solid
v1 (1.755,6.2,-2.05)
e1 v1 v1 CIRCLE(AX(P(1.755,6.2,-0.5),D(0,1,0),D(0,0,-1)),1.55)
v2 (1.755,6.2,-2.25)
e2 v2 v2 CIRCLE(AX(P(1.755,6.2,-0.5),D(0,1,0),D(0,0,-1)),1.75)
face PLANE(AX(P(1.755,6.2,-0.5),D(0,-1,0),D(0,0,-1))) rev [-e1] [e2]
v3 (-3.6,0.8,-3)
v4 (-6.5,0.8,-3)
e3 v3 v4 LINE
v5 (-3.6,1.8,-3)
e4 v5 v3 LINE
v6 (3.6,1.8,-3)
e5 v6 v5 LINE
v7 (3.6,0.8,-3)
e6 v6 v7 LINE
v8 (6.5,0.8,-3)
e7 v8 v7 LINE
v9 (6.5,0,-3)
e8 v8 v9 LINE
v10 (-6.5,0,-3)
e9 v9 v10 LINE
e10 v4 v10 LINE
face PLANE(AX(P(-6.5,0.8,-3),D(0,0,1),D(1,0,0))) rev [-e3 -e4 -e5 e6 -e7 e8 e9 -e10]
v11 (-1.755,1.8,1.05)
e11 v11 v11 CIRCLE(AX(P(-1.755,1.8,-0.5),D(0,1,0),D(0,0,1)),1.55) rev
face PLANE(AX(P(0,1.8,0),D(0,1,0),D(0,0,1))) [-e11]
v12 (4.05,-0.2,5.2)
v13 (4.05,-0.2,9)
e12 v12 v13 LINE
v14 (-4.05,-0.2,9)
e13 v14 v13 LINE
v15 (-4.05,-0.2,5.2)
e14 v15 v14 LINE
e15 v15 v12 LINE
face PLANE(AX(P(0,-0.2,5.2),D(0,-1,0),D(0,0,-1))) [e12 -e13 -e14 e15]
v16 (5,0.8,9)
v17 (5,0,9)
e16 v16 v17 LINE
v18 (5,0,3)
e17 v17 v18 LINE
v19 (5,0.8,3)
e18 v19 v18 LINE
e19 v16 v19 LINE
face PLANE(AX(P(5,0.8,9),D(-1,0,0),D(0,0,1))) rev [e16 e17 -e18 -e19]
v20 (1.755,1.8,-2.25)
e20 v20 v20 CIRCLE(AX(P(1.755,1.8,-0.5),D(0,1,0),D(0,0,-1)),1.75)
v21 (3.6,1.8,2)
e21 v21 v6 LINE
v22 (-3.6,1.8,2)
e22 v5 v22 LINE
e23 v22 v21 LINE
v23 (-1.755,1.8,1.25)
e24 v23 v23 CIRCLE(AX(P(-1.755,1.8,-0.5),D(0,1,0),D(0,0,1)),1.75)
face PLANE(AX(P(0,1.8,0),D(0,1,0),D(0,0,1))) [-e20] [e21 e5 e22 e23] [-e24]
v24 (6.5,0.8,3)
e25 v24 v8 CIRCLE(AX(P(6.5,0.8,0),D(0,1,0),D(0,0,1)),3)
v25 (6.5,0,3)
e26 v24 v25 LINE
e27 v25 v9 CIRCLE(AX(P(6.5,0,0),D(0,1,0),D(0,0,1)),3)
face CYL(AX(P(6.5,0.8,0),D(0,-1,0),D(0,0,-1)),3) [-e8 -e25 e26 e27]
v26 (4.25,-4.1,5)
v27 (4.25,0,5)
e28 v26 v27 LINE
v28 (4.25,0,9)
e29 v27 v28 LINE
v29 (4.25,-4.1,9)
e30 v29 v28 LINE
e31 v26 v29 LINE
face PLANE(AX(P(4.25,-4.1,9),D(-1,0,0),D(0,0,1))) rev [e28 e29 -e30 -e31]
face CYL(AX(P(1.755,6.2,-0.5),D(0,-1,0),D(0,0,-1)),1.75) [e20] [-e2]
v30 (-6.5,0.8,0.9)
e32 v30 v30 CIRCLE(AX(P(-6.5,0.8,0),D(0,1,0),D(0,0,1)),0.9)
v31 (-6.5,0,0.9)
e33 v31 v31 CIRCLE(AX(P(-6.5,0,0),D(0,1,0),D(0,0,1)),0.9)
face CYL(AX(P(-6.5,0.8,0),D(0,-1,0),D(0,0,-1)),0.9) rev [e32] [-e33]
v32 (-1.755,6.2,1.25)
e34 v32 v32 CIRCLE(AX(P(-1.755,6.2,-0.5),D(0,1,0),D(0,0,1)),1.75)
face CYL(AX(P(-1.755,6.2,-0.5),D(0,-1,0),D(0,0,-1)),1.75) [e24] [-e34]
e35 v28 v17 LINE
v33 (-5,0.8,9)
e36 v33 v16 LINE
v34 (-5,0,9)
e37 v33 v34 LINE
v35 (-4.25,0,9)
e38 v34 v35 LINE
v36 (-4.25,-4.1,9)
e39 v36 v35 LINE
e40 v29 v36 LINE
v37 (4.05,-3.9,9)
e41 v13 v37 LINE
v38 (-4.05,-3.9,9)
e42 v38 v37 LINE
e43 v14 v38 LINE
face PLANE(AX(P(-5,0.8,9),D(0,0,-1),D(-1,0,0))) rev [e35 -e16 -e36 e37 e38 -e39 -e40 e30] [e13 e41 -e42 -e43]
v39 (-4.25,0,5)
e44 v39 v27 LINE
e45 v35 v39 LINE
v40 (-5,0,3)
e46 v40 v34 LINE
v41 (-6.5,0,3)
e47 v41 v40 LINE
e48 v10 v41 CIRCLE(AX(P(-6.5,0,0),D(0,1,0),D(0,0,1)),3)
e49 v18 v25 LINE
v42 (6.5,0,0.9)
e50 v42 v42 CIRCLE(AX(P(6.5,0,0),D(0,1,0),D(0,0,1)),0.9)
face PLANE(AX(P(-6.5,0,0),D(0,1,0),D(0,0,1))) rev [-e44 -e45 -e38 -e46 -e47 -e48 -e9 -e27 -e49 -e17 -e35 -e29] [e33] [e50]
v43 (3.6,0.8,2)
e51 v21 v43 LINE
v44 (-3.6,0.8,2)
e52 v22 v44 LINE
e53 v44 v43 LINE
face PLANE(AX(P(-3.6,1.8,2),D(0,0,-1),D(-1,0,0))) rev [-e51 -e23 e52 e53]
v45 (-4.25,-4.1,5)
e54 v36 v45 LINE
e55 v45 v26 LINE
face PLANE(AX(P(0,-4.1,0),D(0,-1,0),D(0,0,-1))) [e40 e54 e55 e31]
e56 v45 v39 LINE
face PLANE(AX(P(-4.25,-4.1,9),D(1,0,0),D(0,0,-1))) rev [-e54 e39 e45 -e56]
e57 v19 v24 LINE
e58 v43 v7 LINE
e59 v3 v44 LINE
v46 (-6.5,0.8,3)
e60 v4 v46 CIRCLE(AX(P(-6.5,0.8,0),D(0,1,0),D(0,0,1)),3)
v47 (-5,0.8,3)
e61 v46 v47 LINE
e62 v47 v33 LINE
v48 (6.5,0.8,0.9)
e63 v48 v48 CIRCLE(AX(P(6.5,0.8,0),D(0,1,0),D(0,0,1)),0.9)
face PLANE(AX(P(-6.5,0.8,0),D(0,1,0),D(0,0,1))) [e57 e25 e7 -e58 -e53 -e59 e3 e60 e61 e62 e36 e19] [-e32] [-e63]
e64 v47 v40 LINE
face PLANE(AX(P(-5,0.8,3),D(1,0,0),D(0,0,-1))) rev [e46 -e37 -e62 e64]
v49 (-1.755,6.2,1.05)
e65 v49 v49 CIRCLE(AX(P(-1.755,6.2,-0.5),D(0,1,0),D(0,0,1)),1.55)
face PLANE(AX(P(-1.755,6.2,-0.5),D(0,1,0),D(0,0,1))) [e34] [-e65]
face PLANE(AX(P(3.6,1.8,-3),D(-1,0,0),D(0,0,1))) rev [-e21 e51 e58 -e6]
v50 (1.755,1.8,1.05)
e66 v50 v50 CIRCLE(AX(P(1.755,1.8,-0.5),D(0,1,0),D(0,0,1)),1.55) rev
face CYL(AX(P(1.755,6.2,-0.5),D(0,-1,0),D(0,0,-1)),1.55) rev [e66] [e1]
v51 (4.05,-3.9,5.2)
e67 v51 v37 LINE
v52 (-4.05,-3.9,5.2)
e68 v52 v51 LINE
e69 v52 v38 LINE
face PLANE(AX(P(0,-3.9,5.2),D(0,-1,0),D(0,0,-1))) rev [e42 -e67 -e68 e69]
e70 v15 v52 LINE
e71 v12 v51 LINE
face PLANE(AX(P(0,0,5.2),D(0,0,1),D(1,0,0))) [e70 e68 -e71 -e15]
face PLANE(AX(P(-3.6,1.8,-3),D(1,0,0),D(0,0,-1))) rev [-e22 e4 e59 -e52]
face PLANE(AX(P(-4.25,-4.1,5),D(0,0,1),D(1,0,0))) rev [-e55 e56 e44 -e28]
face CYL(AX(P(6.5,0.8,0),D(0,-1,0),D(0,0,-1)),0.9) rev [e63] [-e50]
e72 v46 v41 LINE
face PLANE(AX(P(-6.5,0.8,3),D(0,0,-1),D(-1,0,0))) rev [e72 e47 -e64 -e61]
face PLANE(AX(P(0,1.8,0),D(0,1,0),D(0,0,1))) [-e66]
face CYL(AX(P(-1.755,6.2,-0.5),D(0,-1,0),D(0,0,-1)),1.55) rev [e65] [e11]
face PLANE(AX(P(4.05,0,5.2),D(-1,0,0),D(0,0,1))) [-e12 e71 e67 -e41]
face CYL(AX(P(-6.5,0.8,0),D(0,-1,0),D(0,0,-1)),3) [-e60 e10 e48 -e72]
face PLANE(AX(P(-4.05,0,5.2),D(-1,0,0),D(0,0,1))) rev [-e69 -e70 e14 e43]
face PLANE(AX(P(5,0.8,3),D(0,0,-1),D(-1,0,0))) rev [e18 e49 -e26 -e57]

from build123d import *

# Parameters (mm, degrees)
SKETCH_2_R          = 0.9
EXTRUDE_1_DEPTH     = 0.8
SKETCH_3_W          = 7.2
SKETCH_3_H          = 5
EXTRUDE_2_DEPTH     = 1
SKETCH_4_R          = 1.75
SKETCH_4_R_2        = 1.55
EXTRUDE_5_DEPTH     = 4.4
SKETCH_6_W          = 8.5
SKETCH_6_H          = 4
EXTRUDE_6_DEPTH     = 4.1
SKETCH_7_W          = 8.1
SKETCH_7_H          = 3.7
CUT_EXTRUDE_1_DEPTH = 3.8


with BuildPart() as part:
    # 草图2 → 凸台-拉伸1 (new body)
    with BuildSketch(Plane(origin=(0, 0, 0), x_dir=(1, 0, 0), z_dir=(0, 1, 0))):
        with BuildLine():
            Line((-6.5, 3), (6.5, 3))
            ThreePointArc((6.5, 3), (9.5, 0), (6.5, -3))
            Line((6.5, -3), (5, -3))
            Line((5, -3), (5, -9))
            Line((5, -9), (-5, -9))
            Line((-5, -9), (-5, -3))
            Line((-5, -3), (-6.5, -3))
            ThreePointArc((-6.5, -3), (-9.5, 0), (-6.5, 3))
        make_face()
        with Locations(Location((-6.5, 0, 0), (0, 0, 270))):
            Circle(SKETCH_2_R, mode=Mode.SUBTRACT)
        with Locations(Location((6.5, 0, 0), (0, 0, 270))):
            Circle(SKETCH_2_R, mode=Mode.SUBTRACT)
    extrude(amount=EXTRUDE_1_DEPTH)

    # 草图3 → 凸台-拉伸2 (add)
    with BuildSketch(Plane(origin=(0, 0.8, 0), x_dir=(1, 0, 0), z_dir=(0, 1, 0))):
        with Locations((0, 0.5)):
            Rectangle(SKETCH_3_W, SKETCH_3_H)
    extrude(amount=EXTRUDE_2_DEPTH)

    # 草图4 → 凸台-拉伸5 (add)
    # profile 1 of 2: a face of its own
    with BuildSketch(Plane(origin=(0, 1.8, 0), x_dir=(1, 0, 0), z_dir=(0, 1, 0))):
        with Locations(Location((-1.755, 0.5, 0), (0, 0, 270))):
            Circle(SKETCH_4_R)
        with Locations(Location((-1.755, 0.5, 0), (0, 0, 270))):
            Circle(SKETCH_4_R_2, mode=Mode.SUBTRACT)
    # profile 2 of 2: a face of its own
    with BuildSketch(Plane(origin=(0, 1.8, 0), x_dir=(1, 0, 0), z_dir=(0, 1, 0))):
        with Locations(Location((1.755, 0.5, 0), (0, 0, 90))):
            Circle(SKETCH_4_R)
        with Locations(Location((1.755, 0.5, 0), (0, 0, 90))):
            Circle(SKETCH_4_R_2, mode=Mode.SUBTRACT)
    extrude(amount=EXTRUDE_5_DEPTH)

    # 草图6 → 凸台-拉伸6 (add)
    with BuildSketch(Plane.XZ):
        with Locations((0, 7)):
            Rectangle(SKETCH_6_W, SKETCH_6_H)
    extrude(amount=EXTRUDE_6_DEPTH)

    # 草图7 → 切除-拉伸1 (cut)
    with BuildSketch(Plane.XY.offset(9)):
        with Locations((0, -2.05)):
            Rectangle(SKETCH_7_W, SKETCH_7_H)
    extrude(amount=-CUT_EXTRUDE_1_DEPTH, mode=Mode.SUBTRACT)


solid = part.part
